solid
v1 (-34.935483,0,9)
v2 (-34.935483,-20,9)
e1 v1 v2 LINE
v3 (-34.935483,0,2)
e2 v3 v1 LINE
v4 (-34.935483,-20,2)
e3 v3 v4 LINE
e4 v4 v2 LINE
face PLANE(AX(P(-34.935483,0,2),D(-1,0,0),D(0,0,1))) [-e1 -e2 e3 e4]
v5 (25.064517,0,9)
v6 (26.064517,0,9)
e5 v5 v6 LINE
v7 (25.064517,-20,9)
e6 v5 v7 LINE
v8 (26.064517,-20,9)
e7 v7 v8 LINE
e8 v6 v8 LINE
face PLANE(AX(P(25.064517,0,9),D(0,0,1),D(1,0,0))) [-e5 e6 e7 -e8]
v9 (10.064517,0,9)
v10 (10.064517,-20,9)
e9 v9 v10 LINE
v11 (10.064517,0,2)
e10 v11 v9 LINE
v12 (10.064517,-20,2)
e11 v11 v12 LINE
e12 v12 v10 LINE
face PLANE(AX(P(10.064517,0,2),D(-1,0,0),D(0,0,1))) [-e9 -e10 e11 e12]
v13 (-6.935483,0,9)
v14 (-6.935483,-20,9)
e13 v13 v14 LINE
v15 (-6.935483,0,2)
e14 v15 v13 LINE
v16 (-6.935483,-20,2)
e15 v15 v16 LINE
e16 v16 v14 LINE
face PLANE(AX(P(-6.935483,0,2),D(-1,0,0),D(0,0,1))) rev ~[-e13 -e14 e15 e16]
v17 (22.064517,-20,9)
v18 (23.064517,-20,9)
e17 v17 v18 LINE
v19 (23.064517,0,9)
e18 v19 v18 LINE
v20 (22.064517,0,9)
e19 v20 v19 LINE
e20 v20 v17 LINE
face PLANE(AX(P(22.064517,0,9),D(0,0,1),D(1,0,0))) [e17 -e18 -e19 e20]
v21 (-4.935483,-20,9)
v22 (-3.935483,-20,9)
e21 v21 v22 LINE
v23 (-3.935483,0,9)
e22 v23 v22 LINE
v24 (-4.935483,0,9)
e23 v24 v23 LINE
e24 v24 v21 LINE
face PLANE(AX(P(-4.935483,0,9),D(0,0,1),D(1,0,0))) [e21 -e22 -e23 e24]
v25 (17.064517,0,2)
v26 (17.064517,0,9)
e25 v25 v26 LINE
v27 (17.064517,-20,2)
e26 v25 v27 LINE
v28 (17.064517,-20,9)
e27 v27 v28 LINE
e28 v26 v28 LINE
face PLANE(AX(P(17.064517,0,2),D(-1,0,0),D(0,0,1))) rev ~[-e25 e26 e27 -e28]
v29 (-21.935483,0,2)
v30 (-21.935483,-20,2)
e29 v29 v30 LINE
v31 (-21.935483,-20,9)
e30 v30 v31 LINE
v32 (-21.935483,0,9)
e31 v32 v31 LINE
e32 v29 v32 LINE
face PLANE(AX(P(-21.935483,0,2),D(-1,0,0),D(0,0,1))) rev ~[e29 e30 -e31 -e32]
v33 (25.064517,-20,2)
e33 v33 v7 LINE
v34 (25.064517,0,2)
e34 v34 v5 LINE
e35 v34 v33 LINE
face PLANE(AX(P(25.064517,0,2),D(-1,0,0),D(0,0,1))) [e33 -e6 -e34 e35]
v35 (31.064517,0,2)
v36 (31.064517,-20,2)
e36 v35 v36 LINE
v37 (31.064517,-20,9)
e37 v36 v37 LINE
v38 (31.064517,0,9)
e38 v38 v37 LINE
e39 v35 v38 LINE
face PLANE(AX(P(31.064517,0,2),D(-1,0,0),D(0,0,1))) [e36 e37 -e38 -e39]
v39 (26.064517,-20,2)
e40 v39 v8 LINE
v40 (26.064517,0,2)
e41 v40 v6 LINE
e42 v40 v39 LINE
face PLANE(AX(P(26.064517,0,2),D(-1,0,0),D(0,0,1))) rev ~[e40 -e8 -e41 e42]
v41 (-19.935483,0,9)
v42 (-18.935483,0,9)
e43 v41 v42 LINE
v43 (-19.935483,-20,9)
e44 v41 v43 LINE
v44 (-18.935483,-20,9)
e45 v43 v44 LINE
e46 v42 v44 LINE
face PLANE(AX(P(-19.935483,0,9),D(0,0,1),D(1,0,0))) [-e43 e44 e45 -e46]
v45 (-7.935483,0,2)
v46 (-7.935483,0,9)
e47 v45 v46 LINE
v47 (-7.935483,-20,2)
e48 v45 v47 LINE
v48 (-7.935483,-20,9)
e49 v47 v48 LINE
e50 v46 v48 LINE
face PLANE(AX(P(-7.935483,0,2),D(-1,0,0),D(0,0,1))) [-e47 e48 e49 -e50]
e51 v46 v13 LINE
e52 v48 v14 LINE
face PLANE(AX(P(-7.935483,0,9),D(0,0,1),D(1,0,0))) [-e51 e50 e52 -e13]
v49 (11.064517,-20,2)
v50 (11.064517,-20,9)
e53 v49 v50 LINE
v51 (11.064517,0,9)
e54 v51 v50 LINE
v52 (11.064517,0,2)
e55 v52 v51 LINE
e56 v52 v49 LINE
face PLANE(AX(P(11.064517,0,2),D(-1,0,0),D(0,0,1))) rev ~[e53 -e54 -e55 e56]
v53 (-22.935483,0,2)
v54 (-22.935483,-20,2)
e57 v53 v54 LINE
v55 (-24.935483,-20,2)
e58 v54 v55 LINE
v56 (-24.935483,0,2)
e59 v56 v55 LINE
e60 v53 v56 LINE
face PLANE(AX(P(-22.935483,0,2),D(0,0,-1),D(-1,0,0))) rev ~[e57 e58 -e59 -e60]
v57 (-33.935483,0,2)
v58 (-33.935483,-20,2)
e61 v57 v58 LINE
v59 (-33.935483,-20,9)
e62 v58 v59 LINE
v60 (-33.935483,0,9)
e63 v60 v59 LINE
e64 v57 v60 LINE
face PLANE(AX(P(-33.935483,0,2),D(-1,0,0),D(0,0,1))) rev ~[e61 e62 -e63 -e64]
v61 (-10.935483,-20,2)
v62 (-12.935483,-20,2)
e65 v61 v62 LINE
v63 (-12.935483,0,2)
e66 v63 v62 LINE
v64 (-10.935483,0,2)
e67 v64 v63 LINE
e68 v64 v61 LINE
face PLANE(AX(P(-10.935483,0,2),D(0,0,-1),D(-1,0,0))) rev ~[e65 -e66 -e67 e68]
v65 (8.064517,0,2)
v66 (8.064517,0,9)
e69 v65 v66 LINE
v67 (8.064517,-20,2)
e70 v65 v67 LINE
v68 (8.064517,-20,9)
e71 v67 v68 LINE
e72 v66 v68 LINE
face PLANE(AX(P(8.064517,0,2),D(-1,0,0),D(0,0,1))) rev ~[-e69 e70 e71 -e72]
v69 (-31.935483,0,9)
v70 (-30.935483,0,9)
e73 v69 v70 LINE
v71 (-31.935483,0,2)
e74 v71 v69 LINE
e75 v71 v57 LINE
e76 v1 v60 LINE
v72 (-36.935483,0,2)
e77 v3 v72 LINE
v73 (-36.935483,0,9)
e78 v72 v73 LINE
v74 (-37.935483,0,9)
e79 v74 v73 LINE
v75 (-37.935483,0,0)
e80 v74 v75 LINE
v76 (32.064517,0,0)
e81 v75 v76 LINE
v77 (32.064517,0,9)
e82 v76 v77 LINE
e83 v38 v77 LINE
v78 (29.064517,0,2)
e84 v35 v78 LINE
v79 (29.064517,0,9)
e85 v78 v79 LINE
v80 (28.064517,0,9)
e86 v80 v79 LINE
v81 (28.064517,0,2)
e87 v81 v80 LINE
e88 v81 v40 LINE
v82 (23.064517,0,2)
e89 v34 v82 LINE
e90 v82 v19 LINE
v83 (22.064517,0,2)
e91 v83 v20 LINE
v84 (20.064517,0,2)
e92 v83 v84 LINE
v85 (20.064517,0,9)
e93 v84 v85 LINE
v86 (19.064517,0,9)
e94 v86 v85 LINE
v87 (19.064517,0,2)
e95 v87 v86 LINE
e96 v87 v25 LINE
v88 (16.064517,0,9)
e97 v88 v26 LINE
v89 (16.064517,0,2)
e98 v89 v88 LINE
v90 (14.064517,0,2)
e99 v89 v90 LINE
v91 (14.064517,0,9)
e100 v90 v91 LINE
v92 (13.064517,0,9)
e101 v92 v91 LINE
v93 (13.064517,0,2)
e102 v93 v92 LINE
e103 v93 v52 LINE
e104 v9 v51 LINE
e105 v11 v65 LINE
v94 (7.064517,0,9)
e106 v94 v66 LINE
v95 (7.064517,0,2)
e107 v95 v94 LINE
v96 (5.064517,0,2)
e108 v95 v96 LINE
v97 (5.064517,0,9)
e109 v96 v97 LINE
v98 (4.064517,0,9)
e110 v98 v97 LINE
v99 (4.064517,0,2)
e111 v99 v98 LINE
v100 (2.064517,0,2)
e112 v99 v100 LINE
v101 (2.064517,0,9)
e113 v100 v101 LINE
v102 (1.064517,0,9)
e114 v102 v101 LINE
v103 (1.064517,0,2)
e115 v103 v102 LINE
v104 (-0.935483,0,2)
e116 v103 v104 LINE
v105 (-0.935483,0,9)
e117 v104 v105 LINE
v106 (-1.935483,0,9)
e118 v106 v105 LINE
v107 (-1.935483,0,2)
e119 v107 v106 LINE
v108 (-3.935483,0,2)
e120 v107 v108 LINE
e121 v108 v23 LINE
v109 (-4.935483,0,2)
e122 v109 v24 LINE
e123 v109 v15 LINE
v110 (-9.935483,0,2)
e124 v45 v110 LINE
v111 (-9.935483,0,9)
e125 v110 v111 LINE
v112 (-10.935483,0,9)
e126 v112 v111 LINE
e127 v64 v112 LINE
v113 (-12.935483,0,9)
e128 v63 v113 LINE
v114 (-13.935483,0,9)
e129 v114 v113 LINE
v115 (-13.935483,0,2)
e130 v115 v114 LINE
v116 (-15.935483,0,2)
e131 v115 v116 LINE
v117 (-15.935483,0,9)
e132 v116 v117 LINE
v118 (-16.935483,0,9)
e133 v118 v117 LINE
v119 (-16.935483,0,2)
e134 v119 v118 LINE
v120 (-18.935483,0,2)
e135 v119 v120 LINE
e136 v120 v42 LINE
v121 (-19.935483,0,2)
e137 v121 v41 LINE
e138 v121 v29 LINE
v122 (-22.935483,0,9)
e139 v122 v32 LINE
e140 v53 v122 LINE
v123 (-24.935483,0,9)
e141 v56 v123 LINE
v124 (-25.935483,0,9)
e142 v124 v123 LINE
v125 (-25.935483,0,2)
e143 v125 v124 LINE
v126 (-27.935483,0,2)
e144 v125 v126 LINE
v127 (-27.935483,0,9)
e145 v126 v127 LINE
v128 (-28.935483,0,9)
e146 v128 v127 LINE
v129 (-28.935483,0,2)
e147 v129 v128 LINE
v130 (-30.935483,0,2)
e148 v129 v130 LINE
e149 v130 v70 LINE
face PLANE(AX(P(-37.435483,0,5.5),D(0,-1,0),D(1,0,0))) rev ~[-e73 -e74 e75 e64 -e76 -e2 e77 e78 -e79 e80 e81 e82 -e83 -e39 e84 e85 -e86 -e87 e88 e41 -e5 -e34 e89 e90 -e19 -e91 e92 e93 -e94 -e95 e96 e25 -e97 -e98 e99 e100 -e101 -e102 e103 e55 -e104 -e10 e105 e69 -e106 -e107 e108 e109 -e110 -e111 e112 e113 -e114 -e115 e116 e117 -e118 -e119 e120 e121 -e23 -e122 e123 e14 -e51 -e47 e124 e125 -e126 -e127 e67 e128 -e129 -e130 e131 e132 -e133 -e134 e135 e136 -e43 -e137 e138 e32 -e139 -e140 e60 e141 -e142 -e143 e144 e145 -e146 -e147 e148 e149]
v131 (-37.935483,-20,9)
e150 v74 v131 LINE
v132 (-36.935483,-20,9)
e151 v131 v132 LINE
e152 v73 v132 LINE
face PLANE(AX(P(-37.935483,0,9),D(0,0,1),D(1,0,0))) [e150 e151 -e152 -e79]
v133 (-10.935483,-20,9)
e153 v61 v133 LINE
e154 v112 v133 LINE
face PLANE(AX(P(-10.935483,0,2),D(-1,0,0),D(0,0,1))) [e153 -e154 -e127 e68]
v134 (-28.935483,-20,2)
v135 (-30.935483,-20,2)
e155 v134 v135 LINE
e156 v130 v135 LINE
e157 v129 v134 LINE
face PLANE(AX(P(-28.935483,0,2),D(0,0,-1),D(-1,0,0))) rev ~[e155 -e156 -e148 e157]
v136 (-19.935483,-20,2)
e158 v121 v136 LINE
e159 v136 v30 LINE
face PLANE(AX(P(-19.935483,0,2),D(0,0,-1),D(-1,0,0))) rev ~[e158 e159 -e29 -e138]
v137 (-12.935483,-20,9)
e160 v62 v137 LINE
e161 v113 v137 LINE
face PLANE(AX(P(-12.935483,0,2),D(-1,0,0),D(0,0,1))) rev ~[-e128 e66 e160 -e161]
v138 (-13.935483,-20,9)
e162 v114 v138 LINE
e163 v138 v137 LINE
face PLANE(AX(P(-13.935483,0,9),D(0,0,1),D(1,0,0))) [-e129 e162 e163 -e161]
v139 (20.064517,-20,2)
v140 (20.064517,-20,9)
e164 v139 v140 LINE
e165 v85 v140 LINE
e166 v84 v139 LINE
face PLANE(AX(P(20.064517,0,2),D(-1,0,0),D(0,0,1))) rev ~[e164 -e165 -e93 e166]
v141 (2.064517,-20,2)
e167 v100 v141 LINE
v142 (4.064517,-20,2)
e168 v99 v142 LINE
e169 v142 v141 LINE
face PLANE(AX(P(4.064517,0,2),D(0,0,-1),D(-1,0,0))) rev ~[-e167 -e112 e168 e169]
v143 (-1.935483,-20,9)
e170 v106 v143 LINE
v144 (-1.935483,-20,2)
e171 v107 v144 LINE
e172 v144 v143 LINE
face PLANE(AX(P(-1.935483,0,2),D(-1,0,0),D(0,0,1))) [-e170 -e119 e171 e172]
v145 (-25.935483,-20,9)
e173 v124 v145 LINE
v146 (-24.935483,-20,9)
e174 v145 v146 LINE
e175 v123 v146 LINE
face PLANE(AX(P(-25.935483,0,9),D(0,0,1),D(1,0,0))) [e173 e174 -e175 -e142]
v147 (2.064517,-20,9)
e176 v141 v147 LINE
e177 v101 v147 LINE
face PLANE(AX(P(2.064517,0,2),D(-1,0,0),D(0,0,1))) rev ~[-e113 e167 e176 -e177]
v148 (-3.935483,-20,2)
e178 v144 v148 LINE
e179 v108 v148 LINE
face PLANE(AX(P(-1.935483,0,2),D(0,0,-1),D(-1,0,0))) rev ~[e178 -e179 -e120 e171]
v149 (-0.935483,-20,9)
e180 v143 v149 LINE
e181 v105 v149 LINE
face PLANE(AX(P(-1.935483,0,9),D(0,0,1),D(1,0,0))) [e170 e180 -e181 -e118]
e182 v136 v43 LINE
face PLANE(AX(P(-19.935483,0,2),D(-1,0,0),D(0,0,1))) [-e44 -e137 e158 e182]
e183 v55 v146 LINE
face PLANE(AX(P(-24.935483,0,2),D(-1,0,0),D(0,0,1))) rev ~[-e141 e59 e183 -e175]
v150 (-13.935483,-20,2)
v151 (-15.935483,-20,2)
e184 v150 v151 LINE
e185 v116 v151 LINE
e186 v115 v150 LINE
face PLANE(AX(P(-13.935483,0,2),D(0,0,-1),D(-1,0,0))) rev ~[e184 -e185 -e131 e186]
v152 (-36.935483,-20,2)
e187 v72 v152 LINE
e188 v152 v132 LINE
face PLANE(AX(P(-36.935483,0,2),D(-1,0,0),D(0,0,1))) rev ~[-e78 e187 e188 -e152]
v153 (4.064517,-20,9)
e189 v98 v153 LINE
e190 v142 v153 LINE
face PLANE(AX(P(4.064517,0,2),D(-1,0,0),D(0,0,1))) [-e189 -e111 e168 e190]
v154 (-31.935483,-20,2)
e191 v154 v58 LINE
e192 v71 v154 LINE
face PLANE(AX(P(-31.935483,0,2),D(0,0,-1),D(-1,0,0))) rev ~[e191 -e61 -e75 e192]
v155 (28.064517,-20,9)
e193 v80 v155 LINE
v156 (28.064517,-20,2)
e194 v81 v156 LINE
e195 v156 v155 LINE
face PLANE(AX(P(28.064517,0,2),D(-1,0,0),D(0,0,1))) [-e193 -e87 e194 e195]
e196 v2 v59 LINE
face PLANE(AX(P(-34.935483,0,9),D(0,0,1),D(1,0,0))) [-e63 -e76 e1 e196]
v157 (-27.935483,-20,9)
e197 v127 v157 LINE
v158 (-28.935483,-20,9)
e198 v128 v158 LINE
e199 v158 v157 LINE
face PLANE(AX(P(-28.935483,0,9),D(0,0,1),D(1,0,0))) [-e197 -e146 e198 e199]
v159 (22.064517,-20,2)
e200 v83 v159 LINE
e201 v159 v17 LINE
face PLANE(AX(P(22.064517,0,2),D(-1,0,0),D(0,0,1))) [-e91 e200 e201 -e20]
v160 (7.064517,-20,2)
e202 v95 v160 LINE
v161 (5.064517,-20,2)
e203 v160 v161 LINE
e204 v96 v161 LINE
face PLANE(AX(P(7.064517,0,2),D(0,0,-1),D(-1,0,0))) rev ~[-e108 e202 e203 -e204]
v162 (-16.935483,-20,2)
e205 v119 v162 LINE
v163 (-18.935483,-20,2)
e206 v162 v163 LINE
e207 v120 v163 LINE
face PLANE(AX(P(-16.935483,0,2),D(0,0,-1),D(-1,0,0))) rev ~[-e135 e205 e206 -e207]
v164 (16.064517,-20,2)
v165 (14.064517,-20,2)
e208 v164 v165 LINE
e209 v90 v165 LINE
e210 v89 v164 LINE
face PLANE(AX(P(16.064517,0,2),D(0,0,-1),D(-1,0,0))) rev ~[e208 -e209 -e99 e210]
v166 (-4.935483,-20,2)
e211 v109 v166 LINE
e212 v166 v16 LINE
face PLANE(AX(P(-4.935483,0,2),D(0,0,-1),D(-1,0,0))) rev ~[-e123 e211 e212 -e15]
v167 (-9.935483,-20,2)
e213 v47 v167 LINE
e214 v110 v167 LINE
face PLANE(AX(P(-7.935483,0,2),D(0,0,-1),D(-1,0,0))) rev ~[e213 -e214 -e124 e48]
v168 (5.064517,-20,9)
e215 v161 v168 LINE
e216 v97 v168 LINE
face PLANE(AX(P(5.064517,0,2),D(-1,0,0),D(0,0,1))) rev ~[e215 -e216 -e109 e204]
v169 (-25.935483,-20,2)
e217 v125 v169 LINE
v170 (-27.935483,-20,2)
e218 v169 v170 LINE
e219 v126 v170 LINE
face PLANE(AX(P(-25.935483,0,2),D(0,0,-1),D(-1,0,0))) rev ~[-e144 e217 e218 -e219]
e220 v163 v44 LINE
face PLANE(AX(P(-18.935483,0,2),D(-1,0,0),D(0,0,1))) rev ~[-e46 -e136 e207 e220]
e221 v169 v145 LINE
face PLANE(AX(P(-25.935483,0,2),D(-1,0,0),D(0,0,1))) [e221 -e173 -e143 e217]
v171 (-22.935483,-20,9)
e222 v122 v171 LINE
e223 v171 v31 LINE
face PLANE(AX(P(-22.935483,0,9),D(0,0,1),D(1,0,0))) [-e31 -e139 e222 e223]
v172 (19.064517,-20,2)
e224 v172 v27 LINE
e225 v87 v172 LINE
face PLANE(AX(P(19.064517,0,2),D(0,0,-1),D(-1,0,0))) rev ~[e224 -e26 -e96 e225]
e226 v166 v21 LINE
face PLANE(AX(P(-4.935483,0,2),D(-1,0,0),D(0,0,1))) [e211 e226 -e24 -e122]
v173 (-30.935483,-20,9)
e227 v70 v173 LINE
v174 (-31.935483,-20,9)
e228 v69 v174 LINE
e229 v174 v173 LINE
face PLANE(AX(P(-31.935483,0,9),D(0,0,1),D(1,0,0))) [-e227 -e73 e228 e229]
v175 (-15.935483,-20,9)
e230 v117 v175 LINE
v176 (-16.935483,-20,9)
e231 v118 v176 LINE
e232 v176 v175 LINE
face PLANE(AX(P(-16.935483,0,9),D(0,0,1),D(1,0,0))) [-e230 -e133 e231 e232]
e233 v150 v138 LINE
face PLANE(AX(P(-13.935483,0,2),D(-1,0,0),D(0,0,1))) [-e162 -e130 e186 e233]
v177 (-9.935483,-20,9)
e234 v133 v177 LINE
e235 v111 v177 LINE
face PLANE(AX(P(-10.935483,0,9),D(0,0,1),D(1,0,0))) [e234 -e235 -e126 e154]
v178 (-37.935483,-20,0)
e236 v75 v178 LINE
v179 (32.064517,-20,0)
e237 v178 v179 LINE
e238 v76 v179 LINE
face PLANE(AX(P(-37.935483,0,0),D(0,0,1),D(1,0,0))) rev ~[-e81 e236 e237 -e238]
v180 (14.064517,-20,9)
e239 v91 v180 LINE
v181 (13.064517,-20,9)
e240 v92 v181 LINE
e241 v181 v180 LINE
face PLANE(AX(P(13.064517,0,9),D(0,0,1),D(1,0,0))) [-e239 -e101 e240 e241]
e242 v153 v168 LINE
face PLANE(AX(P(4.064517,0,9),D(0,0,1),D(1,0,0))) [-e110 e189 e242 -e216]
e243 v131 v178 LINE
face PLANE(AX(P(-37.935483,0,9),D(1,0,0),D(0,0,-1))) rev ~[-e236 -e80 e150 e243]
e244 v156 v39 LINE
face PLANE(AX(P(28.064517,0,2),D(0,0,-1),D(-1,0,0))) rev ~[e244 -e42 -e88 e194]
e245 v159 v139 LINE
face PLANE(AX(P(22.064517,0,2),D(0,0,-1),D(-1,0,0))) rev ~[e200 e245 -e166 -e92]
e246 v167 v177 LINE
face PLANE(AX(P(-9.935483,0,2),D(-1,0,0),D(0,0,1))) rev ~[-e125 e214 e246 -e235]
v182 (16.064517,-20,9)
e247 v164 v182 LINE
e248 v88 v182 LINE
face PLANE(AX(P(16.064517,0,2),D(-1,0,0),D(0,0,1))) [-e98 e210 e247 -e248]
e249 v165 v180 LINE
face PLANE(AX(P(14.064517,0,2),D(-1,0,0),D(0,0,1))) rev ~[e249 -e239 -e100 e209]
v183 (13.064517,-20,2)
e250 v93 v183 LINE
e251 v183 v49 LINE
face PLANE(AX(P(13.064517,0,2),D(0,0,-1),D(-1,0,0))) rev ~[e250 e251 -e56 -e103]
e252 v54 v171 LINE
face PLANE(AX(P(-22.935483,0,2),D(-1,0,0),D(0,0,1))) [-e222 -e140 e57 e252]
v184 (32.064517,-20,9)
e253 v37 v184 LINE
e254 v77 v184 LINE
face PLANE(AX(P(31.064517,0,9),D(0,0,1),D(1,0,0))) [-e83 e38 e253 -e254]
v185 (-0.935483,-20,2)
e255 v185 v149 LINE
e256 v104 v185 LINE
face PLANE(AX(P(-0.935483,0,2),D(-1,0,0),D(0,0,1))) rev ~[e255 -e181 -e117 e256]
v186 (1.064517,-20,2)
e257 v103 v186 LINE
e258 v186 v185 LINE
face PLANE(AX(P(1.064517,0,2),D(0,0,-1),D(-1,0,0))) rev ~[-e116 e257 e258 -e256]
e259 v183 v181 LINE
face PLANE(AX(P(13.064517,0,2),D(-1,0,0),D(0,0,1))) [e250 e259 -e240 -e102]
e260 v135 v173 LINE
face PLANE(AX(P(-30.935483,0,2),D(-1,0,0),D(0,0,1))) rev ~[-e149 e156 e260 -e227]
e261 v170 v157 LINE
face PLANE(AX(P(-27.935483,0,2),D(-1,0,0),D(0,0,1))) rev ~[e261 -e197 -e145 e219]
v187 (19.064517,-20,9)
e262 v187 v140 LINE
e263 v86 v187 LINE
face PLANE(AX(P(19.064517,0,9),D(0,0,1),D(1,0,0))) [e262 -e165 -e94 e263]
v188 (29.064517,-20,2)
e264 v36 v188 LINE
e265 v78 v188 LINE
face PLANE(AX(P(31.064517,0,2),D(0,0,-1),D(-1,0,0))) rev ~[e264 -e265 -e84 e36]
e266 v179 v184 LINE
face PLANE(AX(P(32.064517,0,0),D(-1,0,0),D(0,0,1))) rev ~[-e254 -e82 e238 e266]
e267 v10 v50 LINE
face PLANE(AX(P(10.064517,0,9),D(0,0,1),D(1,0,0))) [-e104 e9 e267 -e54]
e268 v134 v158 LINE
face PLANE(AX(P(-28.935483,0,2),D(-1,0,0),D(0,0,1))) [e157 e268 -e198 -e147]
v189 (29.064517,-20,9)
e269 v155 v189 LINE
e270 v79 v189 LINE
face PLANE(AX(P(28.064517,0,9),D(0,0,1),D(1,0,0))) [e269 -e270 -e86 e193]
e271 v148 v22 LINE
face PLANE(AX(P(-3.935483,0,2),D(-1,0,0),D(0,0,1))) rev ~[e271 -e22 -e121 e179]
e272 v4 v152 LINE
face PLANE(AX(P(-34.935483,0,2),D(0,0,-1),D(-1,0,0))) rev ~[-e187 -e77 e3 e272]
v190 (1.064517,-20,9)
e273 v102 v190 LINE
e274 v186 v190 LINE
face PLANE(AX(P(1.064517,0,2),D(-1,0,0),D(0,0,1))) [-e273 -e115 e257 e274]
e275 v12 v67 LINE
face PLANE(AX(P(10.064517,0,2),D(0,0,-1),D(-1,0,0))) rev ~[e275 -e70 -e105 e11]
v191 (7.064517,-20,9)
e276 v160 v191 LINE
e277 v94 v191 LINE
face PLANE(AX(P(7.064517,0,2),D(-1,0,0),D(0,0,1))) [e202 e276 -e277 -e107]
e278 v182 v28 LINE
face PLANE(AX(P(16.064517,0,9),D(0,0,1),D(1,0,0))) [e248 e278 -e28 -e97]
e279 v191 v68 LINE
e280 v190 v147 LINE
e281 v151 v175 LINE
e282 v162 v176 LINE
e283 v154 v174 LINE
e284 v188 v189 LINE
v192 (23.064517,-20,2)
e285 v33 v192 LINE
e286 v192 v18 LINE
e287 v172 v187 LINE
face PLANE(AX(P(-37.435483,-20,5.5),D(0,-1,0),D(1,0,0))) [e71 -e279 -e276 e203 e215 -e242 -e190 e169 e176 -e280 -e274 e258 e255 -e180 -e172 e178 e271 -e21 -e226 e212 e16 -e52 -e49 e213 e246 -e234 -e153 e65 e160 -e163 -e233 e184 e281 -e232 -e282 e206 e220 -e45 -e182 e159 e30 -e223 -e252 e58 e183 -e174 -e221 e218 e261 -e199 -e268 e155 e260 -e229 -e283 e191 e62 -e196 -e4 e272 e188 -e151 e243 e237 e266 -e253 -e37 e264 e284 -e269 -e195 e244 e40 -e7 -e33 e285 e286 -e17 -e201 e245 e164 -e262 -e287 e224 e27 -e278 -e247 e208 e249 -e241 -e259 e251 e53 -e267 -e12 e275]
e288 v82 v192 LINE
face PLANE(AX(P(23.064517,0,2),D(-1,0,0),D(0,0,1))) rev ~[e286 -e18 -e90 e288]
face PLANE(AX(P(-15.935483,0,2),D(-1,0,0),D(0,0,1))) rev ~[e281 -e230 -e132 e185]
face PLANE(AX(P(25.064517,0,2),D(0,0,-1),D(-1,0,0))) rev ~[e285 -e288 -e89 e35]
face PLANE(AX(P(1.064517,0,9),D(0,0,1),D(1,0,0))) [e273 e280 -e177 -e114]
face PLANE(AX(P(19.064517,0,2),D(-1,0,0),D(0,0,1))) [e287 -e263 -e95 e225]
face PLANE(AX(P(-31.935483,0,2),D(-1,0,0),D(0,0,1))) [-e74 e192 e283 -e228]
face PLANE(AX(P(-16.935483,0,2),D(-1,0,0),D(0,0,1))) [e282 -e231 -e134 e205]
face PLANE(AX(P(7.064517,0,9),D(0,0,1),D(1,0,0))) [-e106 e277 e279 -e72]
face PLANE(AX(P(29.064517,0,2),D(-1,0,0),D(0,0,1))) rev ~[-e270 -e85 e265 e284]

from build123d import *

# Parameters (mm, degrees)
F0_W     = 1
F0_H     = 7
F1_DEPTH = 20


with BuildPart() as f1:
    # F0 (on Front) → F1 (new body)
    with BuildSketch(Plane.XZ):
        with Locations((-37.435483, 5.5)):
            Rectangle(F0_W, F0_H)
        with Locations((31.564517, 5.5)):
            Rectangle(F0_W, F0_H)
        with Locations((-10.435483, 5.5)):
            Rectangle(F0_W, F0_H)
        with Locations((-4.435483, 5.5)):
            Rectangle(F0_W, F0_H)
        with Locations((10.564517, 5.5)):
            Rectangle(F0_W, F0_H)
        with Locations((16.564517, 5.5)):
            Rectangle(F0_W, F0_H)
        with Locations((22.564517, 5.5)):
            Rectangle(F0_W, F0_H)
        with Locations((28.564517, 5.5)):
            Rectangle(F0_W, F0_H)
        with Locations((7.564517, 5.5)):
            Rectangle(F0_W, F0_H)
        with Locations((1.564517, 5.5)):
            Rectangle(F0_W, F0_H)
        with Locations((19.564517, 5.5)):
            Rectangle(F0_W, F0_H)
        with Locations((-16.435483, 5.5)):
            Rectangle(F0_W, F0_H)
        with Locations((4.564517, 5.5)):
            Rectangle(F0_W, F0_H)
        with Locations((-34.435483, 5.5)):
            Rectangle(F0_W, F0_H)
        with Locations((-25.435483, 5.5)):
            Rectangle(F0_W, F0_H)
        with Locations((-31.435483, 5.5)):
            Rectangle(F0_W, F0_H)
        with Locations((-22.435483, 5.5)):
            Rectangle(F0_W, F0_H)
        with Locations((-13.435483, 5.5)):
            Rectangle(F0_W, F0_H)
        with Locations((-1.435483, 5.5)):
            Rectangle(F0_W, F0_H)
        with Locations((13.564517, 5.5)):
            Rectangle(F0_W, F0_H)
        with Locations((-7.435483, 5.5)):
            Rectangle(F0_W, F0_H)
        with Locations((25.564517, 5.5)):
            Rectangle(F0_W, F0_H)
        with Locations((-19.435483, 5.5)):
            Rectangle(F0_W, F0_H)
        with Locations((-28.435483, 5.5)):
            Rectangle(F0_W, F0_H)
        Polygon((-37.935483, 2), (-37.935483, 0), (32.064517, 0), (32.064517, 2), (31.064517, 2), (29.064517, 2), (28.064517, 2), (26.064517, 2), (25.064517, 2), (23.064517, 2), (22.064517, 2), (20.064517, 2), (19.064517, 2), (17.064517, 2), (16.064517, 2), (14.064517, 2), (13.064517, 2), (11.064517, 2), (10.064517, 2), (8.064517, 2), (7.064517, 2), (5.064517, 2), (4.064517, 2), (2.064517, 2), (1.064517, 2), (-0.935483, 2), (-1.935483, 2), (-3.935483, 2), (-4.935483, 2), (-6.935483, 2), (-7.935483, 2), (-9.935483, 2), (-10.935483, 2), (-12.935483, 2), (-13.935483, 2), (-15.935483, 2), (-16.935483, 2), (-18.935483, 2), (-19.935483, 2), (-21.935483, 2), (-22.935483, 2), (-24.935483, 2), (-25.935483, 2), (-27.935483, 2), (-28.935483, 2), (-30.935483, 2), (-31.935483, 2), (-33.935483, 2), (-34.935483, 2), (-36.935483, 2), align=None)
    extrude(amount=F1_DEPTH)


solid = f1.part
